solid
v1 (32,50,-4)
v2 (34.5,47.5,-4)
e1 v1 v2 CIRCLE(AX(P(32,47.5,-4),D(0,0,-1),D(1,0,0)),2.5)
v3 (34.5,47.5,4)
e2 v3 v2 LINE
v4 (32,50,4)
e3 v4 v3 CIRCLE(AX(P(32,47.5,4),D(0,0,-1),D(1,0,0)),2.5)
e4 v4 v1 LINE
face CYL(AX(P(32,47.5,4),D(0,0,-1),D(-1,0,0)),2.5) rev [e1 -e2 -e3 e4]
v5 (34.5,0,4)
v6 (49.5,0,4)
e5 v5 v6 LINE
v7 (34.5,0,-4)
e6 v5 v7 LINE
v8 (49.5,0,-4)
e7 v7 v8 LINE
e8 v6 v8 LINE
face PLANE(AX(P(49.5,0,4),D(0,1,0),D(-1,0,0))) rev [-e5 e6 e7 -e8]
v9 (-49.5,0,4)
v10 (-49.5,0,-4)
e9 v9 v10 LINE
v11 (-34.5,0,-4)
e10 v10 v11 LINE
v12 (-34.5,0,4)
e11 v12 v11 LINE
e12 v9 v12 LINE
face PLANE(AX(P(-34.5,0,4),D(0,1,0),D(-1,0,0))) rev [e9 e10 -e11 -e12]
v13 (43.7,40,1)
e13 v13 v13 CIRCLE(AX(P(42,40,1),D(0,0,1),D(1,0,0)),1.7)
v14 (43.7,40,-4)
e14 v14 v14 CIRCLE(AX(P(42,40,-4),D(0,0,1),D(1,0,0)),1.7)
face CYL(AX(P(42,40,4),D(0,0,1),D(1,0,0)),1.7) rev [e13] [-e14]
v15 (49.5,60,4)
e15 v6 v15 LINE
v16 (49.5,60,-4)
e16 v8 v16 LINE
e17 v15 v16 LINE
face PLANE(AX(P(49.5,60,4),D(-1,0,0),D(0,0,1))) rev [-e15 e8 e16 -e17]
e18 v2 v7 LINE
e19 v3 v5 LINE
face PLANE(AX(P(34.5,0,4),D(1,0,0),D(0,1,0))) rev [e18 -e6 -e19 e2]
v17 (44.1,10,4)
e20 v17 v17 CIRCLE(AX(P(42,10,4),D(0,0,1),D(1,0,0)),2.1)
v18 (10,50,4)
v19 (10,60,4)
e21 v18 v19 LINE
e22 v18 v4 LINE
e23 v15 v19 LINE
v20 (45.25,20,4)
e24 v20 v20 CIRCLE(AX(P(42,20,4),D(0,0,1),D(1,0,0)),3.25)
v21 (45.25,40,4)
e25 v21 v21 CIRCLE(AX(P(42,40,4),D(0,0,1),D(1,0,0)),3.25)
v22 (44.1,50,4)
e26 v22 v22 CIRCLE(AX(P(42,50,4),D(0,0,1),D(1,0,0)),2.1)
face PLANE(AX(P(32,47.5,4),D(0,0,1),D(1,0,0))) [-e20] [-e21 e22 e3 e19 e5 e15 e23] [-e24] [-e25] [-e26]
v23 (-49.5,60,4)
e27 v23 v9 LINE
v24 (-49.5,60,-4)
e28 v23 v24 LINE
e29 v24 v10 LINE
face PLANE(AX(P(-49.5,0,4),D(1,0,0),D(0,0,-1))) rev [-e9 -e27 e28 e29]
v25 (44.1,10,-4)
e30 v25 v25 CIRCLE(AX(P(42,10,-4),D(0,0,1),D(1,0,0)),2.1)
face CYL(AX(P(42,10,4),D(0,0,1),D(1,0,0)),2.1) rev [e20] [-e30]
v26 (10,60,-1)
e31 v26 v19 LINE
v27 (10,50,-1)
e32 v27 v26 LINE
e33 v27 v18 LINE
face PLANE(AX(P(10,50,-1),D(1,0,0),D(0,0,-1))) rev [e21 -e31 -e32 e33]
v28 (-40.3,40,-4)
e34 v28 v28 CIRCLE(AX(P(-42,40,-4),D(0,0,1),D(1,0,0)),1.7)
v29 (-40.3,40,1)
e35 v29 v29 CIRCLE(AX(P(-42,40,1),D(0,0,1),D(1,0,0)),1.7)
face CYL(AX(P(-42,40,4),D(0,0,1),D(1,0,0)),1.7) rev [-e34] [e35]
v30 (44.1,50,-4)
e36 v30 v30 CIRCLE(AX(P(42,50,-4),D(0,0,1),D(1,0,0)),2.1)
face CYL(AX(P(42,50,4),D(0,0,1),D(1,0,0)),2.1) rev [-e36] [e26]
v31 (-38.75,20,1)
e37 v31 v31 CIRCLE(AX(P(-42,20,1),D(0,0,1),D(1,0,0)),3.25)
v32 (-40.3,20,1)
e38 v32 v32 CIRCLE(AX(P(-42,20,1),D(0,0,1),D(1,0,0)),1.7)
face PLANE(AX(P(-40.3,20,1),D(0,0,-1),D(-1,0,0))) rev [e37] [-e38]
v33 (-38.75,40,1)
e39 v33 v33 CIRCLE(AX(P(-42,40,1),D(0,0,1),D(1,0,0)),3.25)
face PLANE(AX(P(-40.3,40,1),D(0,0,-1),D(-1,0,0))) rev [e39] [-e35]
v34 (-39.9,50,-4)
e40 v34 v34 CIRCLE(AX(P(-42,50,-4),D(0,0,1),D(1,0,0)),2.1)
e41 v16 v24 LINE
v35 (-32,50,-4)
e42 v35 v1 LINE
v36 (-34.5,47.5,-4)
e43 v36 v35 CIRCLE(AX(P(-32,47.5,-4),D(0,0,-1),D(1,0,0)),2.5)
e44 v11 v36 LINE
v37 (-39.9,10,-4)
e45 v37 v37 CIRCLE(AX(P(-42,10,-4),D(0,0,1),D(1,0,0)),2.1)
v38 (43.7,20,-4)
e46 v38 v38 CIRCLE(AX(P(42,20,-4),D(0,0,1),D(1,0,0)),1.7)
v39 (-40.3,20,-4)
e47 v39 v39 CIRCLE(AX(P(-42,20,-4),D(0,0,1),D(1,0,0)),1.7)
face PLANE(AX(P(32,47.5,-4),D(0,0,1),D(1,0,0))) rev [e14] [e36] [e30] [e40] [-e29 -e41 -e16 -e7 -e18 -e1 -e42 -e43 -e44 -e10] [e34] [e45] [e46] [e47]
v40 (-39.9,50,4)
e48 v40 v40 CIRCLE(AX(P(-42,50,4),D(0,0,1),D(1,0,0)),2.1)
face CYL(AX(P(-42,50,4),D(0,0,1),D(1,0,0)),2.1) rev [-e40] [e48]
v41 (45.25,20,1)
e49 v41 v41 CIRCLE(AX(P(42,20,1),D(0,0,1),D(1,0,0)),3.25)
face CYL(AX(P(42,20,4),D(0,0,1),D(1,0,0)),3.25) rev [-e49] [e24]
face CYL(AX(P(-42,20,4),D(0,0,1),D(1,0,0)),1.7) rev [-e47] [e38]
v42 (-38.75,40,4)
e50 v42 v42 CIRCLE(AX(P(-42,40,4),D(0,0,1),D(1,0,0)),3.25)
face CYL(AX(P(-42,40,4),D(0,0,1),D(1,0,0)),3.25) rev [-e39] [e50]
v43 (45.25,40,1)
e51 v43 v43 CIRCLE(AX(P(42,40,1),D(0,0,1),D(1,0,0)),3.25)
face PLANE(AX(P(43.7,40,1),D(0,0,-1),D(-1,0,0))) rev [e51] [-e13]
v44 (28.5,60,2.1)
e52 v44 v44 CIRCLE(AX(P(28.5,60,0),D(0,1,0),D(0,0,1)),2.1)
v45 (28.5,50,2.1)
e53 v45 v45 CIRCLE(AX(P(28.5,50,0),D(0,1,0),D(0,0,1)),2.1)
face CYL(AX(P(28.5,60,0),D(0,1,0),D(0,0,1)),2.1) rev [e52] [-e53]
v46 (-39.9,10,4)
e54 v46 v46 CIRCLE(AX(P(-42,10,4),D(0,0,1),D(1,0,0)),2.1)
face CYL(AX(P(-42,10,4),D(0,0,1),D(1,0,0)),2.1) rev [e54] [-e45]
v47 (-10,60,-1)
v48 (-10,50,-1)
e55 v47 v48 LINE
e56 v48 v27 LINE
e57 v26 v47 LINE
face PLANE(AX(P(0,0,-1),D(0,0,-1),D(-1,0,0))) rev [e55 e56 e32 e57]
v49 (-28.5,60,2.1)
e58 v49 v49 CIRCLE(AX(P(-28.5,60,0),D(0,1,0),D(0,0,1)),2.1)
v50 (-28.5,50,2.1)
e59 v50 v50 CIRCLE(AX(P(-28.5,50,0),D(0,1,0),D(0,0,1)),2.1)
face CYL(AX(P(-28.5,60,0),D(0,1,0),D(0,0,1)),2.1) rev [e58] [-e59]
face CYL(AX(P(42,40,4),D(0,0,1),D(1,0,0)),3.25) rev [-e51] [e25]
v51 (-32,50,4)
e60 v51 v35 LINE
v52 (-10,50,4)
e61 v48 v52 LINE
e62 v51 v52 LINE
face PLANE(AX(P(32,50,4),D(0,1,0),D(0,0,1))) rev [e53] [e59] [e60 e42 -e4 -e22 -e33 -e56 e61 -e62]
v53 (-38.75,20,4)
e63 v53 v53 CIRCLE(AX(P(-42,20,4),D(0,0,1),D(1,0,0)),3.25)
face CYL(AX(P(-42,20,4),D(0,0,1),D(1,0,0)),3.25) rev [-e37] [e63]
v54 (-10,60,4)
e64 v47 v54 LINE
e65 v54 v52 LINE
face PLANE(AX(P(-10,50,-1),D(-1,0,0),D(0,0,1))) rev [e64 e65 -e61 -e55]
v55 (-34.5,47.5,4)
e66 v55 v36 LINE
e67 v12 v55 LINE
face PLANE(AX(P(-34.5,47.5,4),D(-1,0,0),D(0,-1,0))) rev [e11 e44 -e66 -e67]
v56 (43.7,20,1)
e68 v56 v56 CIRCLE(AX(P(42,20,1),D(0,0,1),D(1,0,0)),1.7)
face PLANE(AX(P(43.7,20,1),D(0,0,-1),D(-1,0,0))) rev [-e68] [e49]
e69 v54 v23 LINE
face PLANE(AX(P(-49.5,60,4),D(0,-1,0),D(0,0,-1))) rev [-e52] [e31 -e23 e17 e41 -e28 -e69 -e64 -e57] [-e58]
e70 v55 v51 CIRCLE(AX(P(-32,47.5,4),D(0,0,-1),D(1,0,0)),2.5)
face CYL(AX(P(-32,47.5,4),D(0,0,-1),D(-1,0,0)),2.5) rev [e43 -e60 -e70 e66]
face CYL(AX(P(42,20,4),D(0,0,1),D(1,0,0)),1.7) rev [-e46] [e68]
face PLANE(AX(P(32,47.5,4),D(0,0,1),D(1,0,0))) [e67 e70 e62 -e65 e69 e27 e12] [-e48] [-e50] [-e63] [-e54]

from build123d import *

# Parameters (mm, degrees)
BOSS_EXTRUDE1_DEPTH            = 4
CBORE_FOR_M3_SHCS2_D           = 3.4
CBORE_FOR_M3_SHCS2_CBORE_D     = 6.5
CBORE_FOR_M3_SHCS2_CBORE_DEPTH = 3
M5X0_8_TAPPED_HOLE1_D          = 4.2
M5X0_8_TAPPED_HOLE2_D          = 4.2
SKETCH8_W                      = 20
SKETCH8_H                      = 10
CUT_EXTRUDE1_DEPTH             = 5


with BuildPart() as part:
    # Sketch1 → Boss-Extrude1 (new body, symmetric)
    with BuildSketch(Plane.XY):
        with BuildLine():
            Line((-34.5, 0), (-49.5, 0))
            Line((-49.5, 0), (-49.5, 60))
            Line((-49.5, 60), (49.5, 60))
            Line((49.5, 60), (49.5, 0))
            Line((49.5, 0), (34.5, 0))
            Line((34.5, 0), (34.5, 47.5))
            ThreePointArc((34.5, 47.5), (33.767766953, 49.267766953), (32, 50))
            Line((32, 50), (-32, 50))
            ThreePointArc((-32, 50), (-33.767766953, 49.267766953), (-34.5, 47.5))
            Line((-34.5, 47.5), (-34.5, 0))
        make_face()
    extrude(amount=BOSS_EXTRUDE1_DEPTH, both=True)

    # CBORE for M3 SHCS2 (through all)
    with Locations(Plane.XY.offset(4)):
        with Locations((-42, 40), (-42, 20)):
            cbore_for_m3_shcs2 = CounterBoreHole(CBORE_FOR_M3_SHCS2_D / 2, CBORE_FOR_M3_SHCS2_CBORE_D / 2, CBORE_FOR_M3_SHCS2_CBORE_DEPTH)

    # M5x0.8 Tapped Hole1 (through all)
    with Locations(Plane.XY.offset(4)):
        with Locations((-42, 10), (-42, 50)):
            m5x0_8_tapped_hole1 = Hole(M5X0_8_TAPPED_HOLE1_D / 2)

    # M5x0.8 Tapped Hole2 (through all)
    with Locations(Plane(origin=(0, 60, 0), x_dir=(1, 0, 0), z_dir=(0, 1, 0))):
        with Locations((-28.5, 0)):
            m5x0_8_tapped_hole2 = Hole(M5X0_8_TAPPED_HOLE2_D / 2)

    # Mirror1: CBORE for M3 SHCS2, M5x0.8 Tapped Hole1, M5x0.8 Tapped Hole2 across plane
    add(cbore_for_m3_shcs2.mirror(Plane(origin=(0, 0, 0), x_dir=(0, 0, 1), z_dir=(1, 0, 0))), mode=Mode.SUBTRACT)
    add(m5x0_8_tapped_hole1.mirror(Plane(origin=(0, 0, 0), x_dir=(0, 0, 1), z_dir=(1, 0, 0))), mode=Mode.SUBTRACT)
    add(m5x0_8_tapped_hole2.mirror(Plane(origin=(0, 0, 0), x_dir=(0, 0, 1), z_dir=(1, 0, 0))), mode=Mode.SUBTRACT)

    # Sketch8 → Cut-Extrude1 (cut)
    with BuildSketch(Plane.XY.offset(4)):
        with Locations((0, 55)):
            Rectangle(SKETCH8_W, SKETCH8_H)
    extrude(amount=-CUT_EXTRUDE1_DEPTH, mode=Mode.SUBTRACT)


solid = part.part
